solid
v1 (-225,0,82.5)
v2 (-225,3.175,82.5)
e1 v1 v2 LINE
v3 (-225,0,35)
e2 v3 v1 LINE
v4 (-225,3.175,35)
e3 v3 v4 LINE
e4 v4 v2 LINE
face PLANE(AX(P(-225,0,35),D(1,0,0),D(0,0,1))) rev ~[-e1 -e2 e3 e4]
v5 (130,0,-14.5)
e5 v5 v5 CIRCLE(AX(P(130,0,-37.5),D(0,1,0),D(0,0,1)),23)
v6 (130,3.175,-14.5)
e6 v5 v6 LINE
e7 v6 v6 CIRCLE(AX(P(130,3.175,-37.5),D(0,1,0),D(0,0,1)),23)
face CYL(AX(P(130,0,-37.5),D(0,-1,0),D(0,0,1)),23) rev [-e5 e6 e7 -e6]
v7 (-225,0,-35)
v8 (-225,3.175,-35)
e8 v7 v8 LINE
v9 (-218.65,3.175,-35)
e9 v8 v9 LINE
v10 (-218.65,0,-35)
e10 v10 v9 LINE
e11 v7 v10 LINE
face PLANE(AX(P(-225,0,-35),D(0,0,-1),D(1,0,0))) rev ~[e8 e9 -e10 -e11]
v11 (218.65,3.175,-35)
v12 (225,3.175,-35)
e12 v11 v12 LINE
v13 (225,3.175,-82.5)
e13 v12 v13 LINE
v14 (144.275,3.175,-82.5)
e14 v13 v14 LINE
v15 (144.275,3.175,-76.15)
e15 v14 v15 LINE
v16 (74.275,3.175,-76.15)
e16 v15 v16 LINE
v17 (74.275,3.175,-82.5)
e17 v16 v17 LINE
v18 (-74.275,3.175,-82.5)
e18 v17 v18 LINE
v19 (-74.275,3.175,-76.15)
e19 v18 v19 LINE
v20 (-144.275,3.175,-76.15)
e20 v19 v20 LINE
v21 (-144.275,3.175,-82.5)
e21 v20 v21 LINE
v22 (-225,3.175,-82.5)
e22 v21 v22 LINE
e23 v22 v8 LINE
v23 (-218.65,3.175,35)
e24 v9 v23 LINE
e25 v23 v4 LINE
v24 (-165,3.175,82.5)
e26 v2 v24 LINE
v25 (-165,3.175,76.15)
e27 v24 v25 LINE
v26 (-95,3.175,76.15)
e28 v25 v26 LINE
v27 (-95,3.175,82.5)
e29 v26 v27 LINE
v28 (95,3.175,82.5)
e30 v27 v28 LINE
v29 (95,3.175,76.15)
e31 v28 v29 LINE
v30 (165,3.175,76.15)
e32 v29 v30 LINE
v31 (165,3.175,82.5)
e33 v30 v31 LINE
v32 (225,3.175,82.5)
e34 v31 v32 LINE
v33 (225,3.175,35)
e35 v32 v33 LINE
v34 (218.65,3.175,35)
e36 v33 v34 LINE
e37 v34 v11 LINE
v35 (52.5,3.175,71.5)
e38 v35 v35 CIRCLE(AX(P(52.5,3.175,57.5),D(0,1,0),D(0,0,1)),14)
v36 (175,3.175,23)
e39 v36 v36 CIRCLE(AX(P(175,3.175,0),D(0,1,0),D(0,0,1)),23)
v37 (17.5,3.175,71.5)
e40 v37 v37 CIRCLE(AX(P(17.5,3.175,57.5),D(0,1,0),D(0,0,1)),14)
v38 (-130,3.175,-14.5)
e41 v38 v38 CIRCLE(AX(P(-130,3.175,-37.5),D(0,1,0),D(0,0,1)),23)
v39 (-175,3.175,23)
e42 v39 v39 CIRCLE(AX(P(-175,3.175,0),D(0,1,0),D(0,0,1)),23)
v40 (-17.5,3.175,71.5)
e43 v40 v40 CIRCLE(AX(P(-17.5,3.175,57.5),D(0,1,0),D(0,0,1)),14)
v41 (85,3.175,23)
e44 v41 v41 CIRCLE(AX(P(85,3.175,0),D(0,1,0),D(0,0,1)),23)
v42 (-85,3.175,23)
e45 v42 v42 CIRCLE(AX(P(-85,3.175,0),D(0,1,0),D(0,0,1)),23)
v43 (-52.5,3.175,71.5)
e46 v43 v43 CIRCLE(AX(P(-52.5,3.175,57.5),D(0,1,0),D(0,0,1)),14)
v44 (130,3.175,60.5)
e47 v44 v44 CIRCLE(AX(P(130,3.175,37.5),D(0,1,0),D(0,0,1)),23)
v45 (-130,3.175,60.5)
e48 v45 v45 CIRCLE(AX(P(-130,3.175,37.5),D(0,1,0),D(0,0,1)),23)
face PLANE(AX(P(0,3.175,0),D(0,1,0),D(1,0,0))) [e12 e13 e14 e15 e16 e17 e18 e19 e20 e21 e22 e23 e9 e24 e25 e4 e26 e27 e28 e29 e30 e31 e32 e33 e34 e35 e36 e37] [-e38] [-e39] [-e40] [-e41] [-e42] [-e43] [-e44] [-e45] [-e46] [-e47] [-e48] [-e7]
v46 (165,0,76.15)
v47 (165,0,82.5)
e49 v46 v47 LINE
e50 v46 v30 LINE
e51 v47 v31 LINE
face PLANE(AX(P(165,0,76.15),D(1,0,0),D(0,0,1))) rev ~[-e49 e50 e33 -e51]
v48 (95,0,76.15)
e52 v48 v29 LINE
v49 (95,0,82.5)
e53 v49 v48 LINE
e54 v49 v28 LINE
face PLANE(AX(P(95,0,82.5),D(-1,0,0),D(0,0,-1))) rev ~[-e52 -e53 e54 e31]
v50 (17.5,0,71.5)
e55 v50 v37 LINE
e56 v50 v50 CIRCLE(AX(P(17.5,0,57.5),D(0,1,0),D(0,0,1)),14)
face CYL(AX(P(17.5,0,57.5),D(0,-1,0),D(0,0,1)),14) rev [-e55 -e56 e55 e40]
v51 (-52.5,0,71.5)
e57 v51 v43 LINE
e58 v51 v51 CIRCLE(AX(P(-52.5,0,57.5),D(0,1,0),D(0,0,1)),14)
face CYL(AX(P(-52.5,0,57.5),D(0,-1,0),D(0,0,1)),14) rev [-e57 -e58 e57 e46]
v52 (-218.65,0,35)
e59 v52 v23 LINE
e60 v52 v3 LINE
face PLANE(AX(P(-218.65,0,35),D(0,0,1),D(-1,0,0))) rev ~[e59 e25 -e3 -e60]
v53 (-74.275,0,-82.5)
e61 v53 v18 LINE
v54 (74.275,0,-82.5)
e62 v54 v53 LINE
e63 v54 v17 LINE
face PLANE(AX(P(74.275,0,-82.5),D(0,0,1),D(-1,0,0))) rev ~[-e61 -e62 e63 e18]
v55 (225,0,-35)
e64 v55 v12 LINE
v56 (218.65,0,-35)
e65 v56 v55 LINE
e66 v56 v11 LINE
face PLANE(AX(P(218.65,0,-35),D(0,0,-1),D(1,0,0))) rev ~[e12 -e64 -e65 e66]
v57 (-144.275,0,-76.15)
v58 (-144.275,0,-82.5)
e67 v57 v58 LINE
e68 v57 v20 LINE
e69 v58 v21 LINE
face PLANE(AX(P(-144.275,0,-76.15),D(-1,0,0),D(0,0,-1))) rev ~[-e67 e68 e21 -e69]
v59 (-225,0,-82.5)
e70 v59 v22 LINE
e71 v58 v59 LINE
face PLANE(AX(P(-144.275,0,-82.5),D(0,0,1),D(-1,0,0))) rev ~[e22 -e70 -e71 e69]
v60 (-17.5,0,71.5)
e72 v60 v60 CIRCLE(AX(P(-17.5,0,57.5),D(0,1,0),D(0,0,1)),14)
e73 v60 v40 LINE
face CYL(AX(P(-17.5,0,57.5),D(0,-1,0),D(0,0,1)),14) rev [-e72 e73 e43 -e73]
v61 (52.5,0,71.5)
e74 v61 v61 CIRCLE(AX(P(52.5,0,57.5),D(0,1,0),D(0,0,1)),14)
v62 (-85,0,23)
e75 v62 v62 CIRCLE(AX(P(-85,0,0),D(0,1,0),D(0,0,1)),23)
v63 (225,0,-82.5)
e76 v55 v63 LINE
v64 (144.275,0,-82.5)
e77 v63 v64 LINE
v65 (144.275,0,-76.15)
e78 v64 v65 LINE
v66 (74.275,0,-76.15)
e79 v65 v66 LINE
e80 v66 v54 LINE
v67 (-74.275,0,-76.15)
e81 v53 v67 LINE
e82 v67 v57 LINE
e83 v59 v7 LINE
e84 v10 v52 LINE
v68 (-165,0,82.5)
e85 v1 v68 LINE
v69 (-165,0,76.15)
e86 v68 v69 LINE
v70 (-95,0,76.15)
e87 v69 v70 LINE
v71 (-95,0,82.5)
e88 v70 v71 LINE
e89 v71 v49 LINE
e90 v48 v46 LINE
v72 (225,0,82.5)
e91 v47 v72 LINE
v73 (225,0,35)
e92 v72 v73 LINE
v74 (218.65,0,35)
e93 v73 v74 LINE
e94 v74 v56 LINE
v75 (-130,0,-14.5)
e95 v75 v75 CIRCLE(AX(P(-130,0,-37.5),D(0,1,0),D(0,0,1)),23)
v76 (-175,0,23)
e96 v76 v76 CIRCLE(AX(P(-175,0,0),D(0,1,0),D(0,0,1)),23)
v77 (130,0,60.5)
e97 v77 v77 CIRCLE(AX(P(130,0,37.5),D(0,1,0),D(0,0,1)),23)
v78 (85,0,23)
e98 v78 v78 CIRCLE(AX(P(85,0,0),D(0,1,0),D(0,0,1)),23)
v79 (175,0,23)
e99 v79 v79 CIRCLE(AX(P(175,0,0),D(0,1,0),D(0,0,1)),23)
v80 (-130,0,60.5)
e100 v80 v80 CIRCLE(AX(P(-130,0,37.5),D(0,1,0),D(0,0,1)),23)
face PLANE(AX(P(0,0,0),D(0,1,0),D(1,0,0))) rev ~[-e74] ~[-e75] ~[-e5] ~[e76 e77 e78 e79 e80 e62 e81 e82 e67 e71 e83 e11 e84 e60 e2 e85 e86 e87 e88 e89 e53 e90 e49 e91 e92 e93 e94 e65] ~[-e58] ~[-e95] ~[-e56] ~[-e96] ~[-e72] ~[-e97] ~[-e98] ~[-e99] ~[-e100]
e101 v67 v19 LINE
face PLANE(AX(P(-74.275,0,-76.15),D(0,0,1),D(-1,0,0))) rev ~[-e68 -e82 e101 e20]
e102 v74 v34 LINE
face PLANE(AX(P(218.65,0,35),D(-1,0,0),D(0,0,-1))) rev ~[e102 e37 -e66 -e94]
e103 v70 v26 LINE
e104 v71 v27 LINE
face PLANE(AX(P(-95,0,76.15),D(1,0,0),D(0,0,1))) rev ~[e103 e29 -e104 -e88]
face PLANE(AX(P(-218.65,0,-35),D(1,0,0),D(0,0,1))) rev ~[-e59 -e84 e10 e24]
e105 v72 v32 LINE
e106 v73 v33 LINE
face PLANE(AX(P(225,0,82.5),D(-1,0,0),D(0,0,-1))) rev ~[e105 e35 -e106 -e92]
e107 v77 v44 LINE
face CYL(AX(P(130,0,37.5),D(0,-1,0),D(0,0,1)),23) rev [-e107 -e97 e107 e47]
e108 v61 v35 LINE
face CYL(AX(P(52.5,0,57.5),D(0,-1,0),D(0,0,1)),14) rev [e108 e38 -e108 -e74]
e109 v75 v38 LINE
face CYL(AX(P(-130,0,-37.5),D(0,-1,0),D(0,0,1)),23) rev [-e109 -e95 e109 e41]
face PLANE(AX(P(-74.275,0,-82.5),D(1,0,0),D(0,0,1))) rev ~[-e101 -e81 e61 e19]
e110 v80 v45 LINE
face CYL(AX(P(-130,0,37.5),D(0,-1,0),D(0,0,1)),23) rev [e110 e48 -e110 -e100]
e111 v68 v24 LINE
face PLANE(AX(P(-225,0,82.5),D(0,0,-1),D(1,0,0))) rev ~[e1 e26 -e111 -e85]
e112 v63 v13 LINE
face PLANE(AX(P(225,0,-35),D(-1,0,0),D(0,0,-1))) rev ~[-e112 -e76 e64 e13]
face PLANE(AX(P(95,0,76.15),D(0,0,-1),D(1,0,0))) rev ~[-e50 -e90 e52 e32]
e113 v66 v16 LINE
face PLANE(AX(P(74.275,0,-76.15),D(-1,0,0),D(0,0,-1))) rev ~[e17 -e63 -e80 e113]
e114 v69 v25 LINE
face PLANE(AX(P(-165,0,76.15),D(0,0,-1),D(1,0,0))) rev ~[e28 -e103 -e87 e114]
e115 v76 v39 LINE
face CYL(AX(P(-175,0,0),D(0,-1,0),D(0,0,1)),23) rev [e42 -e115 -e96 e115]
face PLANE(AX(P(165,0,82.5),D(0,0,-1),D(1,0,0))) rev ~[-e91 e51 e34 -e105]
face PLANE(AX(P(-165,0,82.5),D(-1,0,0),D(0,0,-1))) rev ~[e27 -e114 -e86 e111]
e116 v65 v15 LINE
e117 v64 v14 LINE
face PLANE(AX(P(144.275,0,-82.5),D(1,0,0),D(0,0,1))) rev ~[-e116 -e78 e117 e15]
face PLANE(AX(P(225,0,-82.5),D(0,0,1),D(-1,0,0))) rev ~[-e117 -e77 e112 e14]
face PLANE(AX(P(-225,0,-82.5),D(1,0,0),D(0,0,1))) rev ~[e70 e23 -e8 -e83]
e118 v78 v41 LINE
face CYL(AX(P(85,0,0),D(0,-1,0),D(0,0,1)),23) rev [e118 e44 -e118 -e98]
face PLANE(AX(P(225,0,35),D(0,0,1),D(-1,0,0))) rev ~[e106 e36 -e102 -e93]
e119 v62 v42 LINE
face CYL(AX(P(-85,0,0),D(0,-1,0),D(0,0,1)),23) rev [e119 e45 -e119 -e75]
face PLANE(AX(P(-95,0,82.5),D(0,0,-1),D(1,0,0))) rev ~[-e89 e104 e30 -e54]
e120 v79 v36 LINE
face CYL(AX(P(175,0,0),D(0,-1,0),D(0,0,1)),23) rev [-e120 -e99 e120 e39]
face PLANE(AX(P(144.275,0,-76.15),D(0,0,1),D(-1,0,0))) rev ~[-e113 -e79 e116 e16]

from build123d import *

# Parameters (mm, degrees)
SKETCH1_R           = 23
SKETCH1_R_2         = 14
BOSS_EXTRUDE1_DEPTH = 3.175


with BuildPart() as part:
    # Sketch1 → Boss-Extrude1 (new body)
    with BuildSketch(Plane(origin=(0, 0, 0), x_dir=(1, 0, 0), z_dir=(0, 1, 0))):
        Polygon((74.275, 82.5), (-74.275, 82.5), (-74.275, 76.15), (-144.275, 76.15), (-144.275, 82.5), (-225, 82.5), (-225, 35), (-218.65, 35), (-218.65, -35), (-225, -35), (-225, -82.5), (-165, -82.5), (-165, -76.15), (-95, -76.15), (-95, -82.5), (95, -82.5), (95, -76.15), (165, -76.15), (165, -82.5), (225, -82.5), (225, -35), (218.65, -35), (218.65, 35), (225, 35), (225, 82.5), (144.275, 82.5), (144.275, 76.15), (74.275, 76.15), align=None)
        with Locations(Location((-130, 37.5, 0), (0, 0, 270))):  # turned: the seam where the file's is
            Circle(SKETCH1_R, mode=Mode.SUBTRACT)
        with Locations(Location((-85, 0, 0), (0, 0, 270))):  # turned: the seam where the file's is
            Circle(SKETCH1_R, mode=Mode.SUBTRACT)
        with Locations(Location((-175, 0, 0), (0, 0, 270))):  # turned: the seam where the file's is
            Circle(SKETCH1_R, mode=Mode.SUBTRACT)
        with Locations(Location((-130, -37.5, 0), (0, 0, 270))):  # turned: the seam where the file's is
            Circle(SKETCH1_R, mode=Mode.SUBTRACT)
        with Locations(Location((130, 37.5, 0), (0, 0, 270))):  # turned: the seam where the file's is
            Circle(SKETCH1_R, mode=Mode.SUBTRACT)
        with Locations(Location((85, 0, 0), (0, 0, 270))):  # turned: the seam where the file's is
            Circle(SKETCH1_R, mode=Mode.SUBTRACT)
        with Locations(Location((175, 0, 0), (0, 0, 270))):  # turned: the seam where the file's is
            Circle(SKETCH1_R, mode=Mode.SUBTRACT)
        with Locations(Location((130, -37.5, 0), (0, 0, 270))):  # turned: the seam where the file's is
            Circle(SKETCH1_R, mode=Mode.SUBTRACT)
        with Locations(Location((-52.5, -57.5, 0), (0, 0, 270))):  # turned: the seam where the file's is
            Circle(SKETCH1_R_2, mode=Mode.SUBTRACT)
        with Locations(Location((-17.5, -57.5, 0), (0, 0, 270))):  # turned: the seam where the file's is
            Circle(SKETCH1_R_2, mode=Mode.SUBTRACT)
        with Locations(Location((17.5, -57.5, 0), (0, 0, 270))):  # turned: the seam where the file's is
            Circle(SKETCH1_R_2, mode=Mode.SUBTRACT)
        with Locations(Location((52.5, -57.5, 0), (0, 0, 270))):  # turned: the seam where the file's is
            Circle(SKETCH1_R_2, mode=Mode.SUBTRACT)
    extrude(amount=BOSS_EXTRUDE1_DEPTH)


solid = part.part
